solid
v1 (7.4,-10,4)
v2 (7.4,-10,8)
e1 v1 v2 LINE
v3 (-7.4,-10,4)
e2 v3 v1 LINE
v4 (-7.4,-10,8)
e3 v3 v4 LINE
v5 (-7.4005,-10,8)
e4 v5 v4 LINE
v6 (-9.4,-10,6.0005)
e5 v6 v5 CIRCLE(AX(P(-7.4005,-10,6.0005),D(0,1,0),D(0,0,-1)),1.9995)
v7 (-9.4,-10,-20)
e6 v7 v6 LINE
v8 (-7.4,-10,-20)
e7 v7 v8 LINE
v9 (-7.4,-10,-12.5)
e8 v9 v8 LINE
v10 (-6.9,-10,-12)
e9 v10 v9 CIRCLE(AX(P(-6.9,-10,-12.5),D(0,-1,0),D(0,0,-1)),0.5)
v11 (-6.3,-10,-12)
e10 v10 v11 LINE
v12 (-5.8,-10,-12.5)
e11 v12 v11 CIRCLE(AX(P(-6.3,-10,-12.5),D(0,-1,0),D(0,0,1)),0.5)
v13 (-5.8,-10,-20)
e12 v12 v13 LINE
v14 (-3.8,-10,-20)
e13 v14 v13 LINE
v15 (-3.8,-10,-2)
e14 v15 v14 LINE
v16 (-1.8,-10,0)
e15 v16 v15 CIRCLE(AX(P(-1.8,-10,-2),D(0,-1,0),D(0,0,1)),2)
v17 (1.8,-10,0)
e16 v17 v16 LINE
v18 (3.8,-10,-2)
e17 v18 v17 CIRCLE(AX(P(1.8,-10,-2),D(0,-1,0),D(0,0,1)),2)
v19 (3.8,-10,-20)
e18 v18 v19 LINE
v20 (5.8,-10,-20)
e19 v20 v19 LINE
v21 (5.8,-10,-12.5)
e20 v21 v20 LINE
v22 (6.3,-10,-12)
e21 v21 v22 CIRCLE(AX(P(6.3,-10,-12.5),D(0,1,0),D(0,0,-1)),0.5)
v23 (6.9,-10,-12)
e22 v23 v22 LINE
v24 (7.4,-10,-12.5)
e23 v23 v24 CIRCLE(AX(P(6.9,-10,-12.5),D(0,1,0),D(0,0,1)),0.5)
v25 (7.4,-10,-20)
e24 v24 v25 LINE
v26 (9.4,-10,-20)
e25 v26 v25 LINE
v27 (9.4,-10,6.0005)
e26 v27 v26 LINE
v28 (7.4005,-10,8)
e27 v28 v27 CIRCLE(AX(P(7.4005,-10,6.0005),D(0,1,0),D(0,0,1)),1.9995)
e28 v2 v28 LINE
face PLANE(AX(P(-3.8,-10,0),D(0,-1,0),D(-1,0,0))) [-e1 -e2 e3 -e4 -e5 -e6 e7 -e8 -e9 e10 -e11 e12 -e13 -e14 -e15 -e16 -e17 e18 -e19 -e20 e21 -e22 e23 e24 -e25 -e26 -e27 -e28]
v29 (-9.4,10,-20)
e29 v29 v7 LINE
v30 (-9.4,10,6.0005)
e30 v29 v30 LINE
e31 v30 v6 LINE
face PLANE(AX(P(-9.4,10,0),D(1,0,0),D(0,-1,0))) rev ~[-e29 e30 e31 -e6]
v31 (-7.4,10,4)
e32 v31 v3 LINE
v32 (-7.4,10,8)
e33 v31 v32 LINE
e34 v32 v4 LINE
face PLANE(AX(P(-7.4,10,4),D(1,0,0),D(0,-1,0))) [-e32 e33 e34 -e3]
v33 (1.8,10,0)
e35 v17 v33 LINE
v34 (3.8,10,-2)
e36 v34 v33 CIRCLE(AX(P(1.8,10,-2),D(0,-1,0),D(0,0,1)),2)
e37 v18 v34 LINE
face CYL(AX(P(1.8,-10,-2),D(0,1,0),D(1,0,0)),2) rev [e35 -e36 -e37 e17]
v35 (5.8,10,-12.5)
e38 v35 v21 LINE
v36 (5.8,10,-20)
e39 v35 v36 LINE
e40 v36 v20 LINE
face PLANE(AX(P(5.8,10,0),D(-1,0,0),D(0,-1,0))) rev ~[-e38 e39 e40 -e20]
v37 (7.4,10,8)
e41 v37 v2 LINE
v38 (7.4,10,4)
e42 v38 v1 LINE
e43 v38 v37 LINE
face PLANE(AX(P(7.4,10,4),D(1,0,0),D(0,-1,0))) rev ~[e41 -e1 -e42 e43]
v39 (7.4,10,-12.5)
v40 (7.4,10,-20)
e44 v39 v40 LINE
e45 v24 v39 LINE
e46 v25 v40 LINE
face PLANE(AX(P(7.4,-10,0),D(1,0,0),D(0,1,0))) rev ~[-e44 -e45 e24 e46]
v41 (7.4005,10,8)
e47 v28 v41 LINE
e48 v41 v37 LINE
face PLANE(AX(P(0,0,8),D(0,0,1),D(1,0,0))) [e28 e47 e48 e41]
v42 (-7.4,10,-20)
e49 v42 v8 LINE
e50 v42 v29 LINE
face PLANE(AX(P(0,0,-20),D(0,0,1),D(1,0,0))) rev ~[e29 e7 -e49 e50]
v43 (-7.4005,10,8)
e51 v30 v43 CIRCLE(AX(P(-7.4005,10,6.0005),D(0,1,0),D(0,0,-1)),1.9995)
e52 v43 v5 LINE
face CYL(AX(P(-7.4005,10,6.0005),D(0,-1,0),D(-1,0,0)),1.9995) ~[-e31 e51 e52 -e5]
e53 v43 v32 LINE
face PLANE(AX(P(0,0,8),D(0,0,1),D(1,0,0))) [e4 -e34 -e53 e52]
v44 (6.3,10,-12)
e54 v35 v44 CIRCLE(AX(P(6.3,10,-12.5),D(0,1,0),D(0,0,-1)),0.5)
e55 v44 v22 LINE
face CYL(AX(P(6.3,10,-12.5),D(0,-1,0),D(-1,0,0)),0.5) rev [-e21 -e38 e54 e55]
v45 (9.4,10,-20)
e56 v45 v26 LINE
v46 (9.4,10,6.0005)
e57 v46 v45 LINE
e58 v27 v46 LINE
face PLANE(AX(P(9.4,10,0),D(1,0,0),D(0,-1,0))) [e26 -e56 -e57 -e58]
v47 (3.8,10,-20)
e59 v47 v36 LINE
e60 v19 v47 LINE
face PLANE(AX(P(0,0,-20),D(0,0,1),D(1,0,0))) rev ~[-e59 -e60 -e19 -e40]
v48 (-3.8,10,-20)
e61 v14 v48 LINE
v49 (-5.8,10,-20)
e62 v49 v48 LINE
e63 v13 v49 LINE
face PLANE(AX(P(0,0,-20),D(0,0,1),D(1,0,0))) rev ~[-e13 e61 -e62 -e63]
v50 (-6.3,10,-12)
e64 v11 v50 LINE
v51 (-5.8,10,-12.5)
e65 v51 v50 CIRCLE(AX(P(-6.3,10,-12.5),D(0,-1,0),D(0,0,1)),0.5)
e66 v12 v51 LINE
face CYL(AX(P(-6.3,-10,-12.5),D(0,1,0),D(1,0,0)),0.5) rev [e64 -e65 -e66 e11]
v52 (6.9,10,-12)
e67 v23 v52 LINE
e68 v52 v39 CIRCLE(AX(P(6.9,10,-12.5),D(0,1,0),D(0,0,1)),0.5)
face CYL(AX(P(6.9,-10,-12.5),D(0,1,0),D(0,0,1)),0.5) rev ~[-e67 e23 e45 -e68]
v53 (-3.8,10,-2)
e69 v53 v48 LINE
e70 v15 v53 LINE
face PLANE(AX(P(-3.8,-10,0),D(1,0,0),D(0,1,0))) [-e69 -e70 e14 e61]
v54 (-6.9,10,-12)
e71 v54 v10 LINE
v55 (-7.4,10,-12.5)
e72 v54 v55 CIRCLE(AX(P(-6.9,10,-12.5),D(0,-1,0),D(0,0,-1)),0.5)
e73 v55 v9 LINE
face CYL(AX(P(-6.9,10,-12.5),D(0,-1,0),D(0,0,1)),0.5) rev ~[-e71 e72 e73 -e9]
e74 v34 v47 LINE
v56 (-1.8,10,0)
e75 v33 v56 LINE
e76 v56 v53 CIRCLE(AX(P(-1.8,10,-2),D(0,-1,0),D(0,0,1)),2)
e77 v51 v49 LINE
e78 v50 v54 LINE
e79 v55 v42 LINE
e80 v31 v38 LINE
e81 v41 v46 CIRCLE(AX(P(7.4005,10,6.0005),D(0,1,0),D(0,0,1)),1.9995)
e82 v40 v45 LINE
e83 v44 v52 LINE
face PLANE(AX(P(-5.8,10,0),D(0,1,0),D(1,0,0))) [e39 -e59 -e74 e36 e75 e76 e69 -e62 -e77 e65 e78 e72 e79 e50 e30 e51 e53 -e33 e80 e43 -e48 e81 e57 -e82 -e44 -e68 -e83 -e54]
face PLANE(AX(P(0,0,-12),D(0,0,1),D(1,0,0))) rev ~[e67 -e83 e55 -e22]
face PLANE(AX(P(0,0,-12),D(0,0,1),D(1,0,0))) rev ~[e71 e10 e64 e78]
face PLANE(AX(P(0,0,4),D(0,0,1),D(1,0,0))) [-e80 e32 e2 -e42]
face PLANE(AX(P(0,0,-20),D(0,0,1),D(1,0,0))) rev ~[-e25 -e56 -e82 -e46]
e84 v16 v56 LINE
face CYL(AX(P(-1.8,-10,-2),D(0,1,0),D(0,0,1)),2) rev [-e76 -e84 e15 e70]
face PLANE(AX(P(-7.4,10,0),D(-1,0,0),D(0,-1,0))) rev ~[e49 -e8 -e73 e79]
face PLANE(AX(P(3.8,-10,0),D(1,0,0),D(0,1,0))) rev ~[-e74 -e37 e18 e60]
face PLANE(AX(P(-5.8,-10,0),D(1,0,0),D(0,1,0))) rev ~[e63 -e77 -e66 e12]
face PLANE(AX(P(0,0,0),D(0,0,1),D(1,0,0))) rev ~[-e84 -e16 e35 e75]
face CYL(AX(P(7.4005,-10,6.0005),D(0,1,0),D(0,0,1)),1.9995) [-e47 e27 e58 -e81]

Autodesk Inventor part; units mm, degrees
ref_plane "YZ Plane" through (0, 0, 0) normal (1, 0, 0) x (0, 1, 0)
ref_plane "XZ Plane" through (0, 0, 0) normal (0, 1, 0) x (-1, 0, 0)
ref_plane "XY Plane" through (0, 0, 0) normal (0, 0, 1) x (1, 0, 0)
sketch "Schizzo1" plane through (0, 0, 0) normal (0, 0, 1) x (1, 0, 0)
  line L0 (-5.8, 10) -> (5.8, 10)
  line L1 (5.8, 10) -> (5.8, -10)
  line L2 (5.8, -10) -> (-5.8, -10)
  line L3 (-5.8, -10) -> (-5.8, 10)
  line L4 (-5.8, 10) -> (-7.4, 10)
  line L5 (-7.4, 10) -> (-7.4, -10)
  line L6 (-7.4, -10) -> (-5.8, -10)
  line L7 (-5.8, -10) -> (-5.8, 10)
  line L8 (0, 10) -> (0, -10) construction
  line L9 (-7.4, 10) -> (-9.4, 10)
  line L10 (-9.4, 10) -> (-9.4, -10)
  line L11 (-9.4, -10) -> (-7.4, -10)
  line L12 (-7.4, -10) -> (-7.4, 10)
  line L13 (-5.8, 0) -> (5.8, 0) construction
  line L14 (5.8, 10) -> (7.4, 10)
  line L15 (7.4, -10) -> (5.8, -10)
  line L16 (7.4, 10) -> (9.4, 10)
  line L17 (9.4, 10) -> (9.4, -10)
  line L18 (9.4, -10) -> (7.4, -10)
  line L19 (7.4, -10) -> (7.4, 10)
  line L20 (-3.8, -10) -> (-3.8, 10)
  line L21 (3.8, -10) -> (3.8, 10)
  point P0 (0, 0)
  point P1 (0, 0)
  point P2 (-5.8, -10)
  point P3 (-7.4, -10)
  point P4 (5.8, -10)
  point P5 (7.4, -10)
  point P6 (-5.8, -10)
  dimension "d1" = 20
  dimension "d2" = 1.6
  dimension "d3" = 2
  dimension "d6" = 2
  dimension "d7" = 2
  dimension "d20" = 7.6
extrude "Estrusione1" add sketch "Schizzo1" along normal blind 4
extrude "Estrusione2" add sketch "Schizzo1" against normal blind 20 contours L0 L20 L2 L3 | L5 L11 L10 L9 | L0 L1 L2 L21 | L16 L17 L18 L19
extrude "Estrusione3" add sketch "Schizzo1" against normal blind 12 contours L3 L6 L5 L4 | L14 L19 L15 L1
fillet "Raccordo1" radius 2 2 edges at (-3.8, 0, 0) (3.8, 0, 0)
sketch "Schizzo3" plane through (0, 0, 4) normal (0, 0, 1) x (1, 0, 0)
  line L0 (-9.4, 10) -> (-9.4, -10) projected
  line L1 (-9.4, -10) -> (9.4, -10) projected
  line L2 (-9.4, 10) -> (-7.4, 10)
  line L3 (-7.4, 10) -> (-7.4, -10)
  line L4 (-7.4, -10) -> (-9.4, -10)
  line L5 (-9.4, -10) -> (-9.4, 10)
  line L6 (9.4, 10) -> (7.4, 10)
  line L7 (7.4, 10) -> (7.4, -10)
  line L8 (7.4, -10) -> (9.4, -10)
  line L9 (9.4, -10) -> (9.4, 10)
  line L10 (9.4, -10) -> (9.4, 10) projected
  point P0 (0, 0)
  point P1 (9.4, 0)
  dimension "d16" = 2
  dimension "d17" = 2
extrude "Estrusione5" add sketch "Schizzo3" along normal blind 4
fillet "Raccordo3" radius 0.5 4 edges at (7.4, 0, -12) (5.8, 0, -12) (-7.4, 0, -12) (-5.8, 0, -12)
fillet "Raccordo4" radius 2 2 edges at (9.4, 0, 8) (-9.4, 0, 8)
properties part number "Sensore intermedio"
